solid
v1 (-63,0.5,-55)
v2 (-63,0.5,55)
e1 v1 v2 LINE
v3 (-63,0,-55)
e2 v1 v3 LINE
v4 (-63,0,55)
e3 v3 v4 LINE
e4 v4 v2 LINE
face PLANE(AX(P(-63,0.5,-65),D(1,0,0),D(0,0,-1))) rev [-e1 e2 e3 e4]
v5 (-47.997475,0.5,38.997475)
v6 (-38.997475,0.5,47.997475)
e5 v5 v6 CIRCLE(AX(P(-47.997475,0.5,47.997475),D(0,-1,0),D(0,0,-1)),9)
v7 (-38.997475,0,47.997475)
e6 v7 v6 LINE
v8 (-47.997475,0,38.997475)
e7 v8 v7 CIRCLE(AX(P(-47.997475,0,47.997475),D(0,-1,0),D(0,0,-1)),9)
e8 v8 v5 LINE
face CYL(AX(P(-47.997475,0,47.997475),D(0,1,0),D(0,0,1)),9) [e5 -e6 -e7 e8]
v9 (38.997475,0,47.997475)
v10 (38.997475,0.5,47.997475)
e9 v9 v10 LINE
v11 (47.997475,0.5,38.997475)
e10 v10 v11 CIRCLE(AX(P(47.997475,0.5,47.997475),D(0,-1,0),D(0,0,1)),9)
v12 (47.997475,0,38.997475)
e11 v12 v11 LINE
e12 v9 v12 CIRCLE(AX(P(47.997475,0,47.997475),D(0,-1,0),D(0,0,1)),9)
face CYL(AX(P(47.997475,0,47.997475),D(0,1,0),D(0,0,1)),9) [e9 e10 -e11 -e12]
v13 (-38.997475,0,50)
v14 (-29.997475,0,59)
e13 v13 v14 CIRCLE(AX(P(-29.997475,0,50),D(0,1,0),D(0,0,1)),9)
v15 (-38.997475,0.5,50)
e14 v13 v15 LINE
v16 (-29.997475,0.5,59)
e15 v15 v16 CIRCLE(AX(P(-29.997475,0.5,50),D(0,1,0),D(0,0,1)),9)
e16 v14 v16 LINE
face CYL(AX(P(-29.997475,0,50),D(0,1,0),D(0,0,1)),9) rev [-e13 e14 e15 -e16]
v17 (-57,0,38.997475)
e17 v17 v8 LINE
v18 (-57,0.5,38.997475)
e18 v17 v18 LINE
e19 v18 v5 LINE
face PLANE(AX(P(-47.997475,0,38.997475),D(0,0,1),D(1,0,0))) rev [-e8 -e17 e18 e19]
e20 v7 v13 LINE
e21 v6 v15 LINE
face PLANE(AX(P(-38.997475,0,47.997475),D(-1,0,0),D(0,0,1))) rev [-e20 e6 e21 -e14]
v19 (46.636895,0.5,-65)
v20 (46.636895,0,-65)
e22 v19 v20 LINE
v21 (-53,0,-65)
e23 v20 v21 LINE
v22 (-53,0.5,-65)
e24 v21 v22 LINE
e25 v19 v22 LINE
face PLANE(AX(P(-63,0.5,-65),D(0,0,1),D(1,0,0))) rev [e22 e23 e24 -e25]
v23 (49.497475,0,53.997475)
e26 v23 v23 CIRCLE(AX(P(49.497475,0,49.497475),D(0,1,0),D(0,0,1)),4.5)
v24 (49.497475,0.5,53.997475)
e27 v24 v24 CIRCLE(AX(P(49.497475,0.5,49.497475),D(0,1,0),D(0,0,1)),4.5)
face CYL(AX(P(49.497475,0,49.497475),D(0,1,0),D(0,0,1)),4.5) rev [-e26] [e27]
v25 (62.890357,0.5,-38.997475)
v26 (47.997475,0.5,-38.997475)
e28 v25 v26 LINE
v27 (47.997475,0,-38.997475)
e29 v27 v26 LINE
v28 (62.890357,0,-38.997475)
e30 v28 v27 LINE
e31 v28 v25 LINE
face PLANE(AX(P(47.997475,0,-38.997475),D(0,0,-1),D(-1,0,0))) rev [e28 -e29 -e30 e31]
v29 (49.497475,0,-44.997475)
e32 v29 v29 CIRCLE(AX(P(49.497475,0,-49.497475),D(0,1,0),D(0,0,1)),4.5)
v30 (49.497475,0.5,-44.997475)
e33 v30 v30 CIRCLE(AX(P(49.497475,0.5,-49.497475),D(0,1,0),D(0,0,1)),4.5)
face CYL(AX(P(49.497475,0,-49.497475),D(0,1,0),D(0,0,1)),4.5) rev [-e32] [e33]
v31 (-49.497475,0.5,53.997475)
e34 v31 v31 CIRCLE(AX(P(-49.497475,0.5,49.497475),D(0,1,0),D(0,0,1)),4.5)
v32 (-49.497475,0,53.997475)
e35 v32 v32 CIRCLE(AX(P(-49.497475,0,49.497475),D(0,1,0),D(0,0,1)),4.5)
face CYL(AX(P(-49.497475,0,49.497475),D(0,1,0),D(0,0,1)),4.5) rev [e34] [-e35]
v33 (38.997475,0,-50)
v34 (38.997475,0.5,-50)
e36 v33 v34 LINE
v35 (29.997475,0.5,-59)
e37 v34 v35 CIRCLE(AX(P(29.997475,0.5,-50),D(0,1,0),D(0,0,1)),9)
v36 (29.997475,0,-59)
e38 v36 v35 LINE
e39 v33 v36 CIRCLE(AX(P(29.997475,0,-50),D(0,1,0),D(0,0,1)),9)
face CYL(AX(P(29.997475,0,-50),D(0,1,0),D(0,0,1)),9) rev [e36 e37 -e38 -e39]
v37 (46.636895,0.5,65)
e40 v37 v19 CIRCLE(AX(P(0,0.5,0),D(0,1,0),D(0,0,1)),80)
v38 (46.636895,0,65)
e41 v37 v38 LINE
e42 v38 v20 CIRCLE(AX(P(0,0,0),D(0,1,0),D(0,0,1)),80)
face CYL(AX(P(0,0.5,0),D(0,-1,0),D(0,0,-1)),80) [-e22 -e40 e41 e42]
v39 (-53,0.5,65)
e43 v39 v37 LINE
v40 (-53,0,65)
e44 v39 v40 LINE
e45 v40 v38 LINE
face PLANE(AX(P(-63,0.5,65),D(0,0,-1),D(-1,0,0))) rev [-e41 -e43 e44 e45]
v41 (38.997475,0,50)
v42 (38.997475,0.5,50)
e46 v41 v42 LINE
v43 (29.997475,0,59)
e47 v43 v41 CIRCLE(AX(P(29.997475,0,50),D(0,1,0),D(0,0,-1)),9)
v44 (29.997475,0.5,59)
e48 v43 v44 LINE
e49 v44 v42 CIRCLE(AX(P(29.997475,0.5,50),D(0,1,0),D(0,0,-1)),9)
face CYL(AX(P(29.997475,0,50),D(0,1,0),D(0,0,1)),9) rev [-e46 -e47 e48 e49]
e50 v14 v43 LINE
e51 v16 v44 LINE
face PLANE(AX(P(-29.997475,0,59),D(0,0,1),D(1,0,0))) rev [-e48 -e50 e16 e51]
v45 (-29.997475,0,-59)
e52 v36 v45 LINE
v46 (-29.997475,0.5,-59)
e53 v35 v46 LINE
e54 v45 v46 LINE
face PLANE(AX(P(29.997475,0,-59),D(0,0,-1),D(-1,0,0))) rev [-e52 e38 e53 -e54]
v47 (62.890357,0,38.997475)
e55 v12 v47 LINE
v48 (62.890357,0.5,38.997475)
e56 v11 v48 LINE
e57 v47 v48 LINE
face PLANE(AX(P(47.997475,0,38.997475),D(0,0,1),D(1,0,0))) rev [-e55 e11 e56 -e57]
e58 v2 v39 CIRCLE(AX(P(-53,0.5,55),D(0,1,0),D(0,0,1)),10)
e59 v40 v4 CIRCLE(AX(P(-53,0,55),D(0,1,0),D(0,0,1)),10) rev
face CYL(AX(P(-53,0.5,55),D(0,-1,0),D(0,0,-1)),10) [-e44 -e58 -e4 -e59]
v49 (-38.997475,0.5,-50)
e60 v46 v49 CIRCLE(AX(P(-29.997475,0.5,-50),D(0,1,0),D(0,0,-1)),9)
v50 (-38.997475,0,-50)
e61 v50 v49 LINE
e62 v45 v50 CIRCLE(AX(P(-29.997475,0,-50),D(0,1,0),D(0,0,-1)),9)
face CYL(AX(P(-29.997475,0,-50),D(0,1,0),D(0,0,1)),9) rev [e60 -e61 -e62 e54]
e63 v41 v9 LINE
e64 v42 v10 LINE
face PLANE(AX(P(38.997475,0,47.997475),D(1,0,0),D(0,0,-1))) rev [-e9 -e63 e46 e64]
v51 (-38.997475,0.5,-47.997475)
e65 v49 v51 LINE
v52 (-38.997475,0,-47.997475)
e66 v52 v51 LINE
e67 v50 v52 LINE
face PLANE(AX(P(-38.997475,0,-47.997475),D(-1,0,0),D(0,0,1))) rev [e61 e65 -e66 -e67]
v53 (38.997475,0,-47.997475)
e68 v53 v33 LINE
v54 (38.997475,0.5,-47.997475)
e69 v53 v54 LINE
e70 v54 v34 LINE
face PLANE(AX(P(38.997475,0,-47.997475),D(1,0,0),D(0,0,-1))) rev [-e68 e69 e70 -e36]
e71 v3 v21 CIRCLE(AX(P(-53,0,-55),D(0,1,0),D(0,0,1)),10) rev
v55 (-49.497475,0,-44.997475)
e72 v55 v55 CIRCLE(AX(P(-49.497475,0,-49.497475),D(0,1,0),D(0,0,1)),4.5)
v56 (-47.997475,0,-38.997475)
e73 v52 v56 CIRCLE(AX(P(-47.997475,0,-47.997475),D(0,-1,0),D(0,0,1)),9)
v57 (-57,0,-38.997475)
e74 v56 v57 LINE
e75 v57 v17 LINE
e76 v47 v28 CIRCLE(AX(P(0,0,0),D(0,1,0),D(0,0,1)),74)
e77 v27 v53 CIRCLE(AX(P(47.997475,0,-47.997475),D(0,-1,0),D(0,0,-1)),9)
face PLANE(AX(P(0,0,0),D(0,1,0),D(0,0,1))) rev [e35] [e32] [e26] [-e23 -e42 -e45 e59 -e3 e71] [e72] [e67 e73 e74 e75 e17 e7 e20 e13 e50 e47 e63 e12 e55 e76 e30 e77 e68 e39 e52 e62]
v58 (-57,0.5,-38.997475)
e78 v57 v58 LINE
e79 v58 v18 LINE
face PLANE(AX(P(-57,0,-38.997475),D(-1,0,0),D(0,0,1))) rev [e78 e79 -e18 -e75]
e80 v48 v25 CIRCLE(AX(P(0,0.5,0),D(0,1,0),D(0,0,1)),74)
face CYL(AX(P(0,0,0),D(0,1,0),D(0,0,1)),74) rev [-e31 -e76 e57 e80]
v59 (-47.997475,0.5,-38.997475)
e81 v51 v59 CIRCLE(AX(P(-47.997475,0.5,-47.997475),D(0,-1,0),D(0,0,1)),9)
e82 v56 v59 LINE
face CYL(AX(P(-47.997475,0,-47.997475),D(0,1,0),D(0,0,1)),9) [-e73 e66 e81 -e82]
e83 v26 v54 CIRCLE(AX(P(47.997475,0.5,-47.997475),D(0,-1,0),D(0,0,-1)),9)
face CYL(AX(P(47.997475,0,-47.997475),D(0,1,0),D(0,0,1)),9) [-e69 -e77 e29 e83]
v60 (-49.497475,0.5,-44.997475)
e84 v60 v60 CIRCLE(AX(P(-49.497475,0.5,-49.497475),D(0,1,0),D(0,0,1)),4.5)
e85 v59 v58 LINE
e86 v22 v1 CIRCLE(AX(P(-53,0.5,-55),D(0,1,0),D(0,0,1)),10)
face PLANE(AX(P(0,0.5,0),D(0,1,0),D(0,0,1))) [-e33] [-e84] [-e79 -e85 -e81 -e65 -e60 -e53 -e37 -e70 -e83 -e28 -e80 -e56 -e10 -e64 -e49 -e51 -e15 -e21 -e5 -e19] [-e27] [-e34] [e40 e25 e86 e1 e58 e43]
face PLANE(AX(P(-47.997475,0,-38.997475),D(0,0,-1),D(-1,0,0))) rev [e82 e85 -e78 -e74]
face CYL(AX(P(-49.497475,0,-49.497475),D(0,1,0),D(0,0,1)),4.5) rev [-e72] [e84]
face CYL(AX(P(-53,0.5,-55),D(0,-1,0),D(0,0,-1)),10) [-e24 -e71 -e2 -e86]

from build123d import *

# Parameters (mm, degrees)
BOSS_EXTRUDE1_DEPTH = 0.5
FILLET1_R           = 10
SKETCH27_R          = 4.5
CUT_EXTRUDE9_DEPTH  = 104.078853311
CUT_EXTRUDE17_DEPTH = 104.078853311


with BuildPart() as part:
    # Sketch1 → Boss-Extrude1 (new body)
    with BuildSketch(Plane(origin=(0, 0, 0), x_dir=(1, 0, 0), z_dir=(0, 1, 0))):
        with BuildLine():
            Line((-63, 65), (46.636895265, 65))
            ThreePointArc((46.636895265, 65), (80, 0), (46.636895265, -65))
            Line((46.636895265, -65), (-63, -65))
            Line((-63, -65), (-63, 65))
        make_face()
    extrude(amount=BOSS_EXTRUDE1_DEPTH)

    # Fillet1
    fillet1_edges = [part.edges().sort_by_distance(p)[0] for p in [
        (-63, 0.25, -65),
        (-63, 0.25, 65),
    ]]
    fillet(fillet1_edges, radius=FILLET1_R)

    # Sketch27 → Cut-Extrude9 (cut, through all)
    with BuildSketch(Plane(origin=(0, 0.5, 0), x_dir=(1, 0, 0), z_dir=(0, 1, 0))):
        with Locations(Location((-49.497474683, -49.497474683, 0), (0, 0, 270))):
            Circle(SKETCH27_R)
        with Locations(Location((49.497474683, -49.497474683, 0), (0, 0, 270))):
            Circle(SKETCH27_R)
        with Locations(Location((49.497474683, 49.497474683, 0), (0, 0, 270))):
            Circle(SKETCH27_R)
        with Locations(Location((-49.497474683, 49.497474683, 0), (0, 0, 270))):
            Circle(SKETCH27_R)
    extrude(amount=-CUT_EXTRUDE9_DEPTH, mode=Mode.SUBTRACT)

    # Sketch44 → Cut-Extrude17 (cut, through all)
    with BuildSketch(Plane(origin=(0, 0.5, 0), x_dir=(1, 0, 0), z_dir=(0, 1, 0))):
        with BuildLine():
            Line((47.997474683, 38.997474683), (62.89035672, 38.997474683))
            ThreePointArc((62.89035672, 38.997474683), (74, 0), (62.89035672, -38.997474683))
            Line((62.89035672, -38.997474683), (47.997474683, -38.997474683))
            ThreePointArc((47.997474683, -38.997474683), (41.633513652, -41.633513652), (38.997474683, -47.997474683))
            Line((38.997474683, -47.997474683), (38.997474683, -50))
            ThreePointArc((38.997474683, -50), (36.361435714, -56.363961031), (29.997474683, -59))
            Line((29.997474683, -59), (-29.997474683, -59))
            ThreePointArc((-29.997474683, -59), (-36.361435714, -56.363961031), (-38.997474683, -50))
            Line((-38.997474683, -50), (-38.997474683, -47.997474683))
            ThreePointArc((-38.997474683, -47.997474683), (-41.633513652, -41.633513652), (-47.997474683, -38.997474683))
            Line((-47.997474683, -38.997474683), (-57, -38.997474683))
            Line((-57, -38.997474683), (-57, 38.997474683))
            Line((-57, 38.997474683), (-47.997474683, 38.997474683))
            ThreePointArc((-47.997474683, 38.997474683), (-41.633513652, 41.633513652), (-38.997474683, 47.997474683))
            Line((-38.997474683, 47.997474683), (-38.997474683, 50))
            ThreePointArc((-38.997474683, 50), (-36.361435714, 56.363961031), (-29.997474683, 59))
            Line((-29.997474683, 59), (29.997474683, 59))
            ThreePointArc((29.997474683, 59), (36.361435714, 56.363961031), (38.997474683, 50))
            Line((38.997474683, 50), (38.997474683, 47.997474683))
            ThreePointArc((38.997474683, 47.997474683), (41.633513652, 41.633513652), (47.997474683, 38.997474683))
        make_face()
    extrude(amount=-CUT_EXTRUDE17_DEPTH, mode=Mode.SUBTRACT)


solid = part.part
